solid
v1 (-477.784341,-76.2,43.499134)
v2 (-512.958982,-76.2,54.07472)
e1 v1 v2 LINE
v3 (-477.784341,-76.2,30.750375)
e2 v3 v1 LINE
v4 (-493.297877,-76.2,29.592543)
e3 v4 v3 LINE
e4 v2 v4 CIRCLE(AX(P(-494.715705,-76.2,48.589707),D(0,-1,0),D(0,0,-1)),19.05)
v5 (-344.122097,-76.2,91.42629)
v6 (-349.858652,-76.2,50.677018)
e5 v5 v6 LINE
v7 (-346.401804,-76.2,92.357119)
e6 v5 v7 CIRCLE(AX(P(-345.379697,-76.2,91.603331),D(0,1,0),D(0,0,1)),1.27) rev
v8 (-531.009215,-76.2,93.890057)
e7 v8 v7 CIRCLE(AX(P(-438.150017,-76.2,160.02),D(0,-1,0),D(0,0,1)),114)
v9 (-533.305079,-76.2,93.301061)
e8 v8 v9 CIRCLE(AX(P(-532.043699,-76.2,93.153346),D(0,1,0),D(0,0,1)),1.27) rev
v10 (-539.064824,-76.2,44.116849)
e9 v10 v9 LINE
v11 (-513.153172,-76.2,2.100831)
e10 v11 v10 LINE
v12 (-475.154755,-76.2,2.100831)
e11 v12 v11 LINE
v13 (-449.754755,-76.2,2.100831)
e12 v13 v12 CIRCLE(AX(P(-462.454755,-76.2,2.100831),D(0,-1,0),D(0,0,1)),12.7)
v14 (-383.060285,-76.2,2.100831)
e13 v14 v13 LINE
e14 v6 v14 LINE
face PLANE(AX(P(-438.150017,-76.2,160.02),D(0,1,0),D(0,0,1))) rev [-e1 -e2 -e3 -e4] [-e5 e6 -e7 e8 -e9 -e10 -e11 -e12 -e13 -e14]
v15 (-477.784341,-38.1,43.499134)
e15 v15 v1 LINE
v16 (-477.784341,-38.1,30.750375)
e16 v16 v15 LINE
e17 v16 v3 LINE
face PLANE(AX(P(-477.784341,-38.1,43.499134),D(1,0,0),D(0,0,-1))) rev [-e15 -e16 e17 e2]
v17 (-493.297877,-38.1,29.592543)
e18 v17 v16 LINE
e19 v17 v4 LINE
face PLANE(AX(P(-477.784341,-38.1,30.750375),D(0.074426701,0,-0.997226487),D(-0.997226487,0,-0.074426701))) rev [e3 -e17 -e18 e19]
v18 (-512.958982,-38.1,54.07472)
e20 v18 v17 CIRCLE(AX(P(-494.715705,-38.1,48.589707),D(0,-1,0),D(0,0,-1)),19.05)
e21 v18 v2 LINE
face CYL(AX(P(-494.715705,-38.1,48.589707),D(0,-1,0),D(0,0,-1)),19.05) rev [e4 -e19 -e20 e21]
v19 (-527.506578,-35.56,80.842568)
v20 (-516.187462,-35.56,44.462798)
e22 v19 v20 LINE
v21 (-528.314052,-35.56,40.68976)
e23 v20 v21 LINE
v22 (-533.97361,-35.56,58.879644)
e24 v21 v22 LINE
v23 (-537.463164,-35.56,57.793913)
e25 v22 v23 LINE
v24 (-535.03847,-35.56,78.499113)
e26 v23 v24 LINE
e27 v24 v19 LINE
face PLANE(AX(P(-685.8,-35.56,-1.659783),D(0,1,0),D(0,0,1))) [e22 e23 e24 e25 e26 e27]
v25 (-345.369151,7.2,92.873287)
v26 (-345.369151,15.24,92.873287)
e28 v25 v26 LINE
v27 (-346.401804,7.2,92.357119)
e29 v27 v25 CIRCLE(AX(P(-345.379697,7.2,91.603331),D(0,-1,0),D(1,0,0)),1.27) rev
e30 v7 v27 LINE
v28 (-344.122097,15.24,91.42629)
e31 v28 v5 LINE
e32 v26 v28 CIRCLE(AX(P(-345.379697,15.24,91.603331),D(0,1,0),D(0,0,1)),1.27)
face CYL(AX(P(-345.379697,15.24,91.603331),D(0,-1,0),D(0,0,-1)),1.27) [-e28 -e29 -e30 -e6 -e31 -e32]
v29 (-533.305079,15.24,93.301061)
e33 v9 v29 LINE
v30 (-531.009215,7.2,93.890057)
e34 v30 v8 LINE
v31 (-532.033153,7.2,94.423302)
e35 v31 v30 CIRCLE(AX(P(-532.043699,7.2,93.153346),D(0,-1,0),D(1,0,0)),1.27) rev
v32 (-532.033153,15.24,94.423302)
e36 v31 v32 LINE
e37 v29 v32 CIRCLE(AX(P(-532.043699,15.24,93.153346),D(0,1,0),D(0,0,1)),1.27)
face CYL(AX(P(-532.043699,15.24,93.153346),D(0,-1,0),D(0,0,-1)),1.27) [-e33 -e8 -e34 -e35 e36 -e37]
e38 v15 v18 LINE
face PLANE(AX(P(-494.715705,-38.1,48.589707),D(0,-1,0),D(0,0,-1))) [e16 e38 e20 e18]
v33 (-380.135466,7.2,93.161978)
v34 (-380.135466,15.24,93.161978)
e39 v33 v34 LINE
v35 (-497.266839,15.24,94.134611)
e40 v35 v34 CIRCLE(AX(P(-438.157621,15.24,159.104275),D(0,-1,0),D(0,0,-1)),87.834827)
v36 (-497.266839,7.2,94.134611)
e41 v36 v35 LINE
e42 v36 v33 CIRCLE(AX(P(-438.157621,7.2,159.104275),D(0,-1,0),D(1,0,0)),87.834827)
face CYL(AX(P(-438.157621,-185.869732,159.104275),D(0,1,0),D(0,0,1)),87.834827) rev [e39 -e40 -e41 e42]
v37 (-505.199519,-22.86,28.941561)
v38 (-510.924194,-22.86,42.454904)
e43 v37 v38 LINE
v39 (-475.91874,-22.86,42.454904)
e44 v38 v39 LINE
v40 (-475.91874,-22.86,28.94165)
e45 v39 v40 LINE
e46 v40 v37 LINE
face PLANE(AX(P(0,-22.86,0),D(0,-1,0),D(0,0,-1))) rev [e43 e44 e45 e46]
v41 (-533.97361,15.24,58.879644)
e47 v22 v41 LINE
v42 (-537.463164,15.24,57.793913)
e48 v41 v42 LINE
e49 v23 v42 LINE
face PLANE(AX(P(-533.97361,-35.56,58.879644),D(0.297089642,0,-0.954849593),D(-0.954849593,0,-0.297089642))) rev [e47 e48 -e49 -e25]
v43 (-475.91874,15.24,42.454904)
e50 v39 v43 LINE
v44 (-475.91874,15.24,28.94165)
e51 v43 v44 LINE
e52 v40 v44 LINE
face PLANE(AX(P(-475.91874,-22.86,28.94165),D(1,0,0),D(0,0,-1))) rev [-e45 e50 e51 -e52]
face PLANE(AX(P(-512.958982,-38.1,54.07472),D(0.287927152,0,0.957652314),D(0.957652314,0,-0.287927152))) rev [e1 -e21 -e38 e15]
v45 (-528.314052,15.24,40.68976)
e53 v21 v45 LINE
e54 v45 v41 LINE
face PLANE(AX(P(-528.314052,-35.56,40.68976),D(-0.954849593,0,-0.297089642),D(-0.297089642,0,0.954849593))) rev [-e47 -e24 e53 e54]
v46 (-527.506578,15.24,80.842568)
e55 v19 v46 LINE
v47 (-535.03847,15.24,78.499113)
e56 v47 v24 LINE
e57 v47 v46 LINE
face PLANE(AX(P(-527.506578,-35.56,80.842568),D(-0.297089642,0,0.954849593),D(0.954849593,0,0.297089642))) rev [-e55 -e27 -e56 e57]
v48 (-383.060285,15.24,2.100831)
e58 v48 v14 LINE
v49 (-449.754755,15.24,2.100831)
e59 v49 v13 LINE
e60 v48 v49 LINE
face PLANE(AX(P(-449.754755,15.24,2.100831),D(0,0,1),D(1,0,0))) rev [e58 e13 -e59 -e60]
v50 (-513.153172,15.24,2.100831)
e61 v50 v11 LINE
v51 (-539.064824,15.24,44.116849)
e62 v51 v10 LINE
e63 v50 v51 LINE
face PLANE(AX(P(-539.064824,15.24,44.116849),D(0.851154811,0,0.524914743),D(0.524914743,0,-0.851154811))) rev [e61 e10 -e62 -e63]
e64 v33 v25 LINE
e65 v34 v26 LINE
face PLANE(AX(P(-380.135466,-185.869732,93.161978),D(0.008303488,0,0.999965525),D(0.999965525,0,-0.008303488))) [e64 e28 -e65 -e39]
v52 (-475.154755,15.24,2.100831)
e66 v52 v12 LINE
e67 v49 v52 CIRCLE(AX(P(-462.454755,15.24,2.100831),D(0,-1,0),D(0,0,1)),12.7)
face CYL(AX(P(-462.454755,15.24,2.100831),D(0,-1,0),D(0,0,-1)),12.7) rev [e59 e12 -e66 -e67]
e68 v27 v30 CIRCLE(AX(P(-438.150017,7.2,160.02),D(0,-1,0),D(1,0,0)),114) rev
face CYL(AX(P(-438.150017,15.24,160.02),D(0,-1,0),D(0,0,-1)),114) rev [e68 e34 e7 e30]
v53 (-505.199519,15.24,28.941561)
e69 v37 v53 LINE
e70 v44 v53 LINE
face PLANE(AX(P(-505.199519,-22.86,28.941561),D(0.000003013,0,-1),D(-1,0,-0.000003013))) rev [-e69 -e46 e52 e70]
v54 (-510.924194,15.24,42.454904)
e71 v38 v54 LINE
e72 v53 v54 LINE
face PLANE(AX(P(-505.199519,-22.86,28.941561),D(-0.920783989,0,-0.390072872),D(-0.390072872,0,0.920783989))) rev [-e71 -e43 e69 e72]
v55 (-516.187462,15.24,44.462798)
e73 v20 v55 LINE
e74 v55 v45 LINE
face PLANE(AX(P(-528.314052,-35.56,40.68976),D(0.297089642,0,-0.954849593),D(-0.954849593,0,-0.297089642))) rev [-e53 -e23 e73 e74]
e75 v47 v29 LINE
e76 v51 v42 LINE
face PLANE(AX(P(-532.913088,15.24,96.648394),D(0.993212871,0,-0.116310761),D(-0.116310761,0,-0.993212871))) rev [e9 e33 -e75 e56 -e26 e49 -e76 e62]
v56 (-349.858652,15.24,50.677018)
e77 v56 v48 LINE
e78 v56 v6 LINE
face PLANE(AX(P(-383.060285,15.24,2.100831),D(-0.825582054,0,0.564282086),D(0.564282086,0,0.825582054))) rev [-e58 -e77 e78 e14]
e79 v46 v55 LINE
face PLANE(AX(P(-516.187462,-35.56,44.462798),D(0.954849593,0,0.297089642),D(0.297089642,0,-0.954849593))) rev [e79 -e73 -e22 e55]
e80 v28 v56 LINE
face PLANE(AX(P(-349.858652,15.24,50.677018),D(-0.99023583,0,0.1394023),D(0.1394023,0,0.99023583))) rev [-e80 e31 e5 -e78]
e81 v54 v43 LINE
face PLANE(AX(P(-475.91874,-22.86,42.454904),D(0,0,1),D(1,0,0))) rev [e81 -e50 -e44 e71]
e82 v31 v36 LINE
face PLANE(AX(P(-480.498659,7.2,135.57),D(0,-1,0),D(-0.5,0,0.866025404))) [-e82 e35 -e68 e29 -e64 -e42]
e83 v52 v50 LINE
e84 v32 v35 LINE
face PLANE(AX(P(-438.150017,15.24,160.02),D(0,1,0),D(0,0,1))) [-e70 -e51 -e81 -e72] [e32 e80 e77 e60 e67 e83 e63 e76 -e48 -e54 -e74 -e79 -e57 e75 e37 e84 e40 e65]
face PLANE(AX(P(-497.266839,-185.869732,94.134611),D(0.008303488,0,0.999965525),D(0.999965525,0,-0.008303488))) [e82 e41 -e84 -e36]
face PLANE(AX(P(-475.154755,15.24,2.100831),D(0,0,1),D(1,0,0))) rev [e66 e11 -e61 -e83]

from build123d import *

# Parameters (mm, degrees)
BOSS_EXTRUDE1_DEPTH      = 15.24
BOSS_EXTRUDE1_DEPTH_BACK = 76.2
FILLET1_R                = 1.27
BOSS_EXTRUDE2_DEPTH      = 8.04
CUT_EXTRUDE1_DEPTH       = 50.8
CUT_EXTRUDE2_DEPTH       = 38.1
CUT_EXTRUDE3_DEPTH       = 38.1


with BuildPart() as part:
    # Sketch3 → Boss-Extrude1 (new, two sides: drawn at the far end of the back side and taken through both)
    with BuildSketch(Plane(origin=(0, 0, 0), x_dir=(1, 0, 0), z_dir=(0, 1, 0)).offset(-BOSS_EXTRUDE1_DEPTH_BACK)):
        with BuildLine():
            Line((-475.15475454, -2.10083146), (-513.153172489, -2.10083146))
            Line((-513.153172489, -2.10083146), (-539.064824243, -44.116848998))
            Line((-539.064824243, -44.116848998), (-532.913087574, -96.64839438))
            ThreePointArc((-532.913087574, -96.64839438), (-438.150016702, -46.02), (-343.386945829, -96.64839438))
            Line((-343.386945829, -96.64839438), (-349.858652302, -50.677017736))
            Line((-349.858652302, -50.677017736), (-383.060284532, -2.10083146))
            Line((-383.060284532, -2.10083146), (-449.75475454, -2.10083146))
            ThreePointArc((-449.75475454, -2.10083146), (-462.45475454, -14.80083146), (-475.15475454, -2.10083146))
        make_face()
    extrude(amount=BOSS_EXTRUDE1_DEPTH + BOSS_EXTRUDE1_DEPTH_BACK)

    # Fillet1
    fillet1_edges = [part.edges().sort_by_distance(p)[0] for p in [
        (-532.913087574, -30.48, 96.64839438),
        (-343.386945829, -30.48, 96.64839438),
    ]]
    fillet(fillet1_edges, radius=FILLET1_R)

    # Sketch4 → Boss-Extrude2 (add)
    with BuildSketch(Plane(origin=(0, 15.24, 0), x_dir=(1, 0, 0), z_dir=(0, 1, 0))):
        with BuildLine():
            Line((-380.135465932, -93.16197835), (-345.369151466, -92.873286736))
            ThreePointArc((-345.369151466, -92.873286736), (-439.104227144, -45.107135711), (-532.033153207, -94.423302399))
            Line((-532.033153207, -94.423302399), (-497.266838741, -94.134610785))
            ThreePointArc((-497.266838741, -94.134610785), (-438.886956078, -71.272475515), (-380.135465932, -93.16197835))
        make_face()
    extrude(amount=-BOSS_EXTRUDE2_DEPTH)

    # Sketch5 → Cut-Extrude1 (cut)
    with BuildSketch(Plane(origin=(0, 15.24, 0), x_dir=(1, 0, 0), z_dir=(0, 1, 0))):
        with BuildLine():
            Line((-528.314052027, -40.689759741), (-516.187462201, -44.462798197))
            Line((-516.187462201, -44.462798197), (-527.50657757, -80.842567675))
            Line((-527.50657757, -80.842567675), (-695.232596141, -28.656691245))
            ThreePointArc((-695.232596141, -28.656691245), (-715.264918055, 13.486917548), (-671.654107709, 30.084354228))
            ThreePointArc((-671.654107709, 30.084354228), (-668.860719824, 16.856608708), (-682.026961544, 13.786373146))
            ThreePointArc((-682.026961544, 13.786373146), (-697.926589826, 5.432821776), (-689.573038456, -10.466806506))
            Line((-689.573038456, -10.466806506), (-533.973609712, -58.87964448))
            Line((-533.973609712, -58.87964448), (-528.314052027, -40.689759741))
        make_face()
    extrude(amount=-CUT_EXTRUDE1_DEPTH, mode=Mode.SUBTRACT)

    # Sketch6 → Cut-Extrude2 (cut)
    with BuildSketch(Plane(origin=(0, 15.24, 0), x_dir=(1, 0, 0), z_dir=(0, 1, 0))):
        Polygon((-505.199519379, -28.941561379), (-510.924193781, -42.454904444), (-475.918740123, -42.454904444), (-475.918740123, -28.941649602), align=None)
    extrude(amount=-CUT_EXTRUDE2_DEPTH, mode=Mode.SUBTRACT)

    # Sketch7 → Cut-Extrude3 (cut)
    with BuildSketch(Plane.XZ.offset(76.2)):
        with BuildLine():
            Line((-477.784341144, 30.750375257), (-493.297876549, 29.59254273))
            ThreePointArc((-493.297876549, 29.59254273), (-509.568926068, 36.66140776), (-512.958981795, 54.074719549))
            Line((-512.958981795, 54.074719549), (-477.784341144, 43.499133869))
            Line((-477.784341144, 43.499133869), (-477.784341144, 30.750375257))
        make_face()
    extrude(amount=-CUT_EXTRUDE3_DEPTH, mode=Mode.SUBTRACT)


solid = part.part
